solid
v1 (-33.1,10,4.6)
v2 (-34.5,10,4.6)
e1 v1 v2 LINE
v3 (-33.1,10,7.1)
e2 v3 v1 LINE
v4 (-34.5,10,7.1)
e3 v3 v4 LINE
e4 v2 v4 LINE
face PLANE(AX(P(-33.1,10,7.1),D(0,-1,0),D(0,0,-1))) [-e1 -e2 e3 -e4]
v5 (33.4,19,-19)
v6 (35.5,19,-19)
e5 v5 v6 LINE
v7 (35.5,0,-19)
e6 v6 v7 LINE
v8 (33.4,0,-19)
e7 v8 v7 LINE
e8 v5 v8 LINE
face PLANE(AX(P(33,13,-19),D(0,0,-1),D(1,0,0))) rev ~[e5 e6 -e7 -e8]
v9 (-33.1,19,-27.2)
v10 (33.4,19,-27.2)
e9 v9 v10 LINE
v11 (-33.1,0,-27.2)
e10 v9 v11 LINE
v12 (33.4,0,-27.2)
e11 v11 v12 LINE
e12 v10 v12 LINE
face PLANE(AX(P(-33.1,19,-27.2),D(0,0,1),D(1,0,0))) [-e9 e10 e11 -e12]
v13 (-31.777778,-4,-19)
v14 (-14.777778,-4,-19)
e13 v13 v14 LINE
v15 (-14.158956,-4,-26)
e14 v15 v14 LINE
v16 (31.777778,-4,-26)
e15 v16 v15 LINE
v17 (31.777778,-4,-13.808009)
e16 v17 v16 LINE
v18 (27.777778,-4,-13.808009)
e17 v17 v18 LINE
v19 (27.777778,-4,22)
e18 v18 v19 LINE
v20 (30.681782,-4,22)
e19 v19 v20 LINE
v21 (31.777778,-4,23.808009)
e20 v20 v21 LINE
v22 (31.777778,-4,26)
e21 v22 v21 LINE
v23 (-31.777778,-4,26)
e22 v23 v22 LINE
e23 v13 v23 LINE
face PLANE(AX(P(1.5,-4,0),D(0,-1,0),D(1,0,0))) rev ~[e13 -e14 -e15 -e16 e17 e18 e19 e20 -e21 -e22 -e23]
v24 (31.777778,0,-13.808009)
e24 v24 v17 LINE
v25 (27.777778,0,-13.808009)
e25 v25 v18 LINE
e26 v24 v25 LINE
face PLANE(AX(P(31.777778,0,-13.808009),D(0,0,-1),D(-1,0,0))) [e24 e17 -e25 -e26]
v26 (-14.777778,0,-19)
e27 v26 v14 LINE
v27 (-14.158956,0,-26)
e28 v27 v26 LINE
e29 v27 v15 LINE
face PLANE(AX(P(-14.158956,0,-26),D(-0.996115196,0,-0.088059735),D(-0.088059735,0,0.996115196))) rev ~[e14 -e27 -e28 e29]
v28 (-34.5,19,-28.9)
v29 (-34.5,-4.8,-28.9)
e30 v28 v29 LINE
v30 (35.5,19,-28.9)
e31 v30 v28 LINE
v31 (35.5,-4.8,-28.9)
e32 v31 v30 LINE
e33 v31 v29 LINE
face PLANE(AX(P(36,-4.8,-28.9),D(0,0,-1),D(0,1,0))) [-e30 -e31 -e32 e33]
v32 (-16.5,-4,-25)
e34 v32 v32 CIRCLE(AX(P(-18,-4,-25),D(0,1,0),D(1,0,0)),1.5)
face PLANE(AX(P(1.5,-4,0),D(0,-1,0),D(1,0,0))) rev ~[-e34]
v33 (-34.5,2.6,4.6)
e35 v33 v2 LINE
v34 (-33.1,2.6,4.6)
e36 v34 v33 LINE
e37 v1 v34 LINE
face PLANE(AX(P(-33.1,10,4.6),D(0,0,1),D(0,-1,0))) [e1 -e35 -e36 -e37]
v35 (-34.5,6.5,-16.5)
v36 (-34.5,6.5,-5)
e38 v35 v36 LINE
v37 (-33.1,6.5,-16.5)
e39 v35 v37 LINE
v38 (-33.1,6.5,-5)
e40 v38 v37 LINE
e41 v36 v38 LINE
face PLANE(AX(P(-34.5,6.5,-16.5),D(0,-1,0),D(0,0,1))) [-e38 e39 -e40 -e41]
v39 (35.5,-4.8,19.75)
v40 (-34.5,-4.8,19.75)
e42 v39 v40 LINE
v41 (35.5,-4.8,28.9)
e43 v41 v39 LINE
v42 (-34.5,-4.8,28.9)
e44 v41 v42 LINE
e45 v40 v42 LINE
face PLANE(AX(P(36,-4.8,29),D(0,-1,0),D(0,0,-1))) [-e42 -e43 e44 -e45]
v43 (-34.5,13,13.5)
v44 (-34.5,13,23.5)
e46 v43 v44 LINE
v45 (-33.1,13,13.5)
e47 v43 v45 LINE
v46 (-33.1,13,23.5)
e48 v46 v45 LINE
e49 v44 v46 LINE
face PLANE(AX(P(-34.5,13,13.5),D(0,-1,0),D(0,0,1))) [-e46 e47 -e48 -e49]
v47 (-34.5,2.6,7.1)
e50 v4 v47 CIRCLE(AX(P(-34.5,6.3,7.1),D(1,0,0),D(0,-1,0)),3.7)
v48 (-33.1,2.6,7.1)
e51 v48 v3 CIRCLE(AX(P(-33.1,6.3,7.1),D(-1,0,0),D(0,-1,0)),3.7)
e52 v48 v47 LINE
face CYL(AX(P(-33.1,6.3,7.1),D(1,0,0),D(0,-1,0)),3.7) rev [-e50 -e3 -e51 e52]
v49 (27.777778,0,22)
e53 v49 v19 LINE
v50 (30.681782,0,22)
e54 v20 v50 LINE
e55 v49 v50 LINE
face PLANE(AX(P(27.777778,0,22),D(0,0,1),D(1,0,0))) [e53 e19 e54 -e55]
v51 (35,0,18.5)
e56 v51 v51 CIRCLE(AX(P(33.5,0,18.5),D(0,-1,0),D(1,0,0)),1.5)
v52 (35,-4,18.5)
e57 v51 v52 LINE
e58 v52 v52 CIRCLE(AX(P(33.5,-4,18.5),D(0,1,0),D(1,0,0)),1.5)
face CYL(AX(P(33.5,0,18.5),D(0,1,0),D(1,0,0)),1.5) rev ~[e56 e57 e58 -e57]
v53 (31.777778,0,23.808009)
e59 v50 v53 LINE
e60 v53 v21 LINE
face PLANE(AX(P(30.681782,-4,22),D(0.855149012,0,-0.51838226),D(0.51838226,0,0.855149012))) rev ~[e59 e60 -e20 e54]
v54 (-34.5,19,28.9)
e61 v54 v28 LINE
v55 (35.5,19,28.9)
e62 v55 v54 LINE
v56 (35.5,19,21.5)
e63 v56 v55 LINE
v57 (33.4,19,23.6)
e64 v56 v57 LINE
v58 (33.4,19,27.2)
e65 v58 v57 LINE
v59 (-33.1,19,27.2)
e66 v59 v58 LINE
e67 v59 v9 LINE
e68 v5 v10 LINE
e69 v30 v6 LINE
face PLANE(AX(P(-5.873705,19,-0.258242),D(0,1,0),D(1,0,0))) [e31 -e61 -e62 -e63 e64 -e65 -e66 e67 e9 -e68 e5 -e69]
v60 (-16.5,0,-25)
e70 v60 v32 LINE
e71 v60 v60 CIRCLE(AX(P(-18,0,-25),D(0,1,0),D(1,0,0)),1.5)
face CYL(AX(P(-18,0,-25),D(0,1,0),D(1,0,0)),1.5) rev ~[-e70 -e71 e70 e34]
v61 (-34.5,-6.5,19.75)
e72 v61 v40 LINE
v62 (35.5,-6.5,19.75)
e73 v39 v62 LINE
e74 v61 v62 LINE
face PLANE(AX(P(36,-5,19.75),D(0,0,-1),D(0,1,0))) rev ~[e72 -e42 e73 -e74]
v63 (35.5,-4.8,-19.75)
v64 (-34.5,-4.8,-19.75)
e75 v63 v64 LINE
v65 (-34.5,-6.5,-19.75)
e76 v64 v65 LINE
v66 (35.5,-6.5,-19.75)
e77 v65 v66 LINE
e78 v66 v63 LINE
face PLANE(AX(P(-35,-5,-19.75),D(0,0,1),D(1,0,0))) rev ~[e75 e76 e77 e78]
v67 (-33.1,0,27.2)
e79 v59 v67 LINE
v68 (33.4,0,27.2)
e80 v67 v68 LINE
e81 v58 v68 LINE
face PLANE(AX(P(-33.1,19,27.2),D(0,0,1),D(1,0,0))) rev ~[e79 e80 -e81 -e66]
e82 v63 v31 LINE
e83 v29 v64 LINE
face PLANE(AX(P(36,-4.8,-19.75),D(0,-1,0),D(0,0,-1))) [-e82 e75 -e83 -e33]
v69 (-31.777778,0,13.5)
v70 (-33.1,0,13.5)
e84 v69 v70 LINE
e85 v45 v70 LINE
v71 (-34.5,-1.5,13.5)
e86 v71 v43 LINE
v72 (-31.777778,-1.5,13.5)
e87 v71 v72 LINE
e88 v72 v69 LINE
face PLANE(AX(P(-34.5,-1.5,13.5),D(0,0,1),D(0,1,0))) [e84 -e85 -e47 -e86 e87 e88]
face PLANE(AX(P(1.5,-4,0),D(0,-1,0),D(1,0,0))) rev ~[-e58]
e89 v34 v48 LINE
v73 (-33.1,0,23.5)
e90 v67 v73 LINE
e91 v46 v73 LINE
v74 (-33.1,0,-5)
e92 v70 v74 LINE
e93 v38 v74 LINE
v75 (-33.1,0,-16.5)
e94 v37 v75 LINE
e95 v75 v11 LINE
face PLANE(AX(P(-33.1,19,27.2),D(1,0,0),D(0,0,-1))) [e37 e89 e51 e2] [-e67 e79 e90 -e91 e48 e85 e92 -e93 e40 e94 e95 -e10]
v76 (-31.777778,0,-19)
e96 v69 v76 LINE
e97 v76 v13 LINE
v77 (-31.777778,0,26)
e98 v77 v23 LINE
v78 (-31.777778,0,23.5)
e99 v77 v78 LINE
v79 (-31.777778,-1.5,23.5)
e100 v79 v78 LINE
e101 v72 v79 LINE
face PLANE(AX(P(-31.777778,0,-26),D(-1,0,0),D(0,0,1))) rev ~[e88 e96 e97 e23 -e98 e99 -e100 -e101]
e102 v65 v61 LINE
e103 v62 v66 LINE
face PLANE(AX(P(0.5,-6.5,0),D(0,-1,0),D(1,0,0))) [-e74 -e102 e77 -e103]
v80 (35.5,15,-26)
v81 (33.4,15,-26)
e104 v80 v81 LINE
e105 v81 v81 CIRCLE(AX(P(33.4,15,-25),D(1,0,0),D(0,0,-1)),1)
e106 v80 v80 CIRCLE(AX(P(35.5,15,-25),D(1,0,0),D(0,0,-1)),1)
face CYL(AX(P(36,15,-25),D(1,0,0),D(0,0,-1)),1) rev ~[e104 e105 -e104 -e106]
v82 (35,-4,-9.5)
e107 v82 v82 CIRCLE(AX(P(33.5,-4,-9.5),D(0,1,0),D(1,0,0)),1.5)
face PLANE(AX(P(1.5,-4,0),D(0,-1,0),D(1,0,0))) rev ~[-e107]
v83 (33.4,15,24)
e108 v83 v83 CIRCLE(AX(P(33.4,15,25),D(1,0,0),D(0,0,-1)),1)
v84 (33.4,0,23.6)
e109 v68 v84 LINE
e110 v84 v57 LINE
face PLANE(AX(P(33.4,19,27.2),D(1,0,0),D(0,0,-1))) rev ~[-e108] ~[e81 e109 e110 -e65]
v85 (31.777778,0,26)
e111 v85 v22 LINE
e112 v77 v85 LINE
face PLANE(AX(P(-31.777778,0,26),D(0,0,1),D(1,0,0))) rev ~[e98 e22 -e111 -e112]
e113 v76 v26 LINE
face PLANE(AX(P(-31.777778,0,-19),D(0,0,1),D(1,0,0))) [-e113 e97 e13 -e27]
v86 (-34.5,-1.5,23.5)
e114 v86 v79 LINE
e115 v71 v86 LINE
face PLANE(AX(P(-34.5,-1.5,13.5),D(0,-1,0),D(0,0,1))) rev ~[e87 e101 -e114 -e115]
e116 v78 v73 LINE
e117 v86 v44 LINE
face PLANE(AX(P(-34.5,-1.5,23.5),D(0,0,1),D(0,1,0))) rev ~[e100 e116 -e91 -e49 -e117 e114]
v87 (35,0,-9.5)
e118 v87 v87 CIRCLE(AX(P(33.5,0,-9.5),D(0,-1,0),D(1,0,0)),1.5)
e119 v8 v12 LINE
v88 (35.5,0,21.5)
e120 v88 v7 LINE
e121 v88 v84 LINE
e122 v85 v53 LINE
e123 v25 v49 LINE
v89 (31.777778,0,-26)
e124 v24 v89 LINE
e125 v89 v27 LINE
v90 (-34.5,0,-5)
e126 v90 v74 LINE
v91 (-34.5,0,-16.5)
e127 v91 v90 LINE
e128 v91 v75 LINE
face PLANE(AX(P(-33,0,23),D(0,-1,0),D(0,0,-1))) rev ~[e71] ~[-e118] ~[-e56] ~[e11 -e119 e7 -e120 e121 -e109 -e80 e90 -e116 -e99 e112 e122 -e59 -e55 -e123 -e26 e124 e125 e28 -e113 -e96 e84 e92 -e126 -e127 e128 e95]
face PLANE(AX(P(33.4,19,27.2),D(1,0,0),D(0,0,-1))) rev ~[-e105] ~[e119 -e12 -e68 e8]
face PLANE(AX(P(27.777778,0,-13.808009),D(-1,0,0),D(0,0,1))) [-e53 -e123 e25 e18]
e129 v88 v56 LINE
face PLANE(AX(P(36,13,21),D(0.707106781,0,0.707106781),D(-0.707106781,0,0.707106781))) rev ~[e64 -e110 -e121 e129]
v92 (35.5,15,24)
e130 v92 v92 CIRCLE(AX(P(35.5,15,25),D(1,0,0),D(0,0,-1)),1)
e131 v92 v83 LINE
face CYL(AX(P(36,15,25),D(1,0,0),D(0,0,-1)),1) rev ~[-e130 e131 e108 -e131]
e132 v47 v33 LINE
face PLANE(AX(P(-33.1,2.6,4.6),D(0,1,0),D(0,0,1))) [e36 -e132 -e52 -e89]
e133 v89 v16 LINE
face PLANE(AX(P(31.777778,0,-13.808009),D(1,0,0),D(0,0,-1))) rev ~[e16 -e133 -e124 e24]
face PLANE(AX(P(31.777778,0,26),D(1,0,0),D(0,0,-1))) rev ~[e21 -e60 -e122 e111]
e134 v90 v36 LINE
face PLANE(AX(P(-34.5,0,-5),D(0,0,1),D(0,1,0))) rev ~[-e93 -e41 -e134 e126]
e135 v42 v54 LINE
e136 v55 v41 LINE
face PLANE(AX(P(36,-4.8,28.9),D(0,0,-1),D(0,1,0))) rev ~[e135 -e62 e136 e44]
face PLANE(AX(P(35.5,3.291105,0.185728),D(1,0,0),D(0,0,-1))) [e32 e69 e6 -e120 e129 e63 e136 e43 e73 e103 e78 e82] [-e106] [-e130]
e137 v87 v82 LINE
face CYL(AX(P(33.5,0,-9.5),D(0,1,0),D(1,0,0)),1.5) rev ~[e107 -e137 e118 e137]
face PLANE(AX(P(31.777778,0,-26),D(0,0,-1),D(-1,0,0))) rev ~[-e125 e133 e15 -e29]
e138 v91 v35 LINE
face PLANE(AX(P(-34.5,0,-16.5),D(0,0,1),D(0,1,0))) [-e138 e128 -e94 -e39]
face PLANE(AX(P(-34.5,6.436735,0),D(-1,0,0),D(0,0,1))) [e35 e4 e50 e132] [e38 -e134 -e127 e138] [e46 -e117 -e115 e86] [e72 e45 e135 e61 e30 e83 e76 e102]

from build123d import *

# Parameters (mm, degrees)
EXTRUDE_1_DEPTH      = 4
SKETCH_3_W           = 73
SKETCH_3_H           = 58
EXTRUDE_2_DEPTH      = 13
EXTRUDE_2_DEPTH_BACK = 4
SKETCH_4_W           = 17
SKETCH_4_H           = 7
EXTRUDE_4_DEPTH      = 4
SKETCH_5_R           = 1.5
CUT_EXTRUDE_1_DEPTH  = 4
EXTRUDE_5_DEPTH      = 4
EXTRUDE_6_DEPTH      = 4
SKETCH_8_W           = 73
SKETCH_8_H           = 58
EXTRUDE_7_DEPTH      = 1
SKETCH_9_W           = 8.5
SKETCH_9_H           = 3.5
CUT_EXTRUDE_2_DEPTH  = 2
CHAMFER_1_SIZE       = 0.5
SKETCH_10_W          = 9
SKETCH_10_H          = 12
CUT_EXTRUDE_3_DEPTH  = 2
CHAMFER_2_SIZE       = 0.5
CHAMFER_3_SIZE       = 0.5
CHAMFER_4_SIZE       = 0.5
CUT_EXTRUDE_4_DEPTH  = 2
CHAMFER_5_SIZE       = 0.5
CHAMFER_6_SIZE       = 0.5
SKETCH_21_W          = 2
SKETCH_21_H          = 58
CUT_EXTRUDE_5_DEPTH  = 19
CUT_EXTRUDE_7_DEPTH  = 13
EXTRUDE_8_DEPTH      = 6
SKETCH_36_W          = 71
SKETCH_36_H          = 39.5
EXTRUDE_9_DEPTH      = 1.5
SKETCH_39_R          = 1
CUT_EXTRUDE_9_DEPTH  = 5
SKETCH_42_W          = 9.25
SKETCH_42_H          = 0.2
CUT_EXTRUDE_10_DEPTH = 72
SKETCH_43_W          = 0.1
SKETCH_43_H          = 23.8
CUT_EXTRUDE_11_DEPTH = 72
CUT_EXTRUDE_12_DEPTH = 0.5
CUT_EXTRUDE_13_DEPTH = 0.5
SKETCH_46_W          = 66.5
SKETCH_46_H          = 54.4
SKETCH_46_W_2        = 66
SKETCH_46_H_2        = 54
CUT_EXTRUDE_14_DEPTH = 19
SKETCH_47_W          = 11.5
SKETCH_47_H          = 6.5
SKETCH_47_W_2        = 8.5
SKETCH_47_H_2        = 3.5
CUT_EXTRUDE_16_DEPTH = 7.5
CUT_EXTRUDE_17_DEPTH = 7.5
SKETCH_51_W          = 10
SKETCH_51_H          = 14.5
SKETCH_51_W_2        = 7.5
SKETCH_51_H_2        = 12
CUT_EXTRUDE_18_DEPTH = 7.5


with BuildPart() as part:
    # 草图1 → 凸台-拉伸1 (new body)
    with BuildSketch(Plane(origin=(0, 0, 0), x_dir=(1, 0, 0), z_dir=(0, 1, 0))):
        Polygon((33, -27), (-33, -27), (-33, 27), (33, 27), (33, 14), (36, 11), (36, -21), (33, -24), align=None)
        Polygon((-31.777777778, 26), (-31.777777778, -26), (31.777777778, -26), (31.777777778, -23.80800866), (35, -20.585786438), (35, 9.543812347), (35, 10.585786438), (31.777777778, 13.80800866), (31.777777778, 26), align=None, mode=Mode.SUBTRACT)
    extrude(amount=-EXTRUDE_1_DEPTH)

    # 草图3 → 凸台-拉伸2 (add, two sides)
    with BuildSketch(Plane(origin=(0, 0, 0), x_dir=(1, 0, 0), z_dir=(0, 1, 0))) as extrude_2_sk:
        with Locations((1.5, 0)):
            Rectangle(SKETCH_3_W, SKETCH_3_H)
        Polygon((33, 27), (33, 14), (36, 11), (36, -21), (33, -24), (33, -27), (-33, -27), (-33, 27), align=None, mode=Mode.SUBTRACT)
    extrude(amount=EXTRUDE_2_DEPTH)
    extrude(extrude_2_sk.sketch, amount=-EXTRUDE_2_DEPTH_BACK)

    # 草图4 → 凸台-拉伸4 (add)
    with BuildSketch(Plane(origin=(0, 0, 0), x_dir=(1, 0, 0), z_dir=(0, 1, 0))):
        with Locations((-23.277777778, 22.5)):
            Rectangle(SKETCH_4_W, SKETCH_4_H)
        Polygon((31.777777778, 13.80800866), (27.777777778, 13.80800866), (27.777777778, -22), (33.585786438, -22), (35, -20.585786438), (35, 10.585786438), align=None)
    extrude(amount=-EXTRUDE_4_DEPTH)

    # 草图5 → 切除-拉伸1 (cut)
    with BuildSketch(Plane(origin=(0, 0, 0), x_dir=(1, 0, 0), z_dir=(0, 1, 0))):
        with Locations((-18, 25)):
            Circle(SKETCH_5_R)
        with Locations((33.5, 9.5)):
            Circle(SKETCH_5_R)
        with Locations((33.5, -18.5)):
            Circle(SKETCH_5_R)
    extrude(amount=-CUT_EXTRUDE_1_DEPTH, mode=Mode.SUBTRACT)

    # 草图6 → 凸台-拉伸5 (add)
    with BuildSketch(Plane.XZ.offset(4)):
        Polygon((31.777777778, 23.80800866), (33.585786438, 22), (30.681782108, 22), align=None)
    extrude(amount=-EXTRUDE_5_DEPTH)

    # 草图7 → 凸台-拉伸6 (add)
    with BuildSketch(Plane(origin=(0, 0, 0), x_dir=(1, 0, 0), z_dir=(0, 1, 0))):
        Polygon((-14.158955627, 26), (-14.777777778, 19), (-14.777777778, 26), align=None)
    extrude(amount=-EXTRUDE_6_DEPTH)

    # 草图8 → 凸台-拉伸7 (add)
    with BuildSketch(Plane.XZ.offset(4)):
        with Locations((1.5, 0)):
            Rectangle(SKETCH_8_W, SKETCH_8_H)
    extrude(amount=EXTRUDE_7_DEPTH)

    # 草图9 → 切除-拉伸2 (cut)
    with BuildSketch(Plane(origin=(-33, 0, 0), x_dir=(0, 0, -1), z_dir=(1, 0, 0))):
        with Locations((10.25, 2.75)):
            Rectangle(SKETCH_9_W, SKETCH_9_H)
    extrude(amount=-CUT_EXTRUDE_2_DEPTH, mode=Mode.SUBTRACT)

    # 倒角1
    chamfer_1_edges = [part.edges().sort_by_distance(p)[0] for p in [
        (-35, 4.5, -10.25),
        (-35, 2.75, -14.5),
        (-35, 1, -10.25),
        (-35, 2.75, -6),
    ]]
    chamfer(chamfer_1_edges, length=CHAMFER_1_SIZE)

    # 草图10 → 切除-拉伸3 (cut)
    with BuildSketch(Plane(origin=(-33, 0, 0), x_dir=(0, 0, -1), z_dir=(1, 0, 0))):
        with Locations((-18.5, 6)):
            Rectangle(SKETCH_10_W, SKETCH_10_H)
    extrude(amount=-CUT_EXTRUDE_3_DEPTH, mode=Mode.SUBTRACT)

    # 倒角2
    chamfer_2_edges = [part.edges().sort_by_distance(p)[0] for p in [
        (-35, 6, 23),
        (-35, 12, 18.5),
        (-35, 6, 14),
        (-35, 0, 18.5),
    ]]
    chamfer(chamfer_2_edges, length=CHAMFER_2_SIZE)

    # 倒角3
    chamfer_3_edges = [part.edges().sort_by_distance(p)[0] for p in [
        (-33, 4.5, -10.25),
        (-33, 1, -10.25),
        (-33, 12, 18.5),
    ]]
    chamfer(chamfer_3_edges, length=CHAMFER_3_SIZE)

    # 倒角4
    chamfer_4_edges = [part.edges().sort_by_distance(p)[0] for p in [
        (-33, 6, 14),
        (-33, 6, 23),
        (-33, 2.75, -6),
        (-33, 2.75, -14.5),
    ]]
    chamfer(chamfer_4_edges, length=CHAMFER_4_SIZE)

    # 草图13 → 切除-拉伸4 (cut)
    with BuildSketch(Plane(origin=(-33, 0, 0), x_dir=(0, 0, -1), z_dir=(1, 0, 0))):
        with BuildLine():
            Line((-6, 8.6), (-7.1, 8.6))
            ThreePointArc((-7.1, 8.6), (-9.4, 6.3), (-7.1, 4))
            Line((-7.1, 4), (-6, 4))
            Line((-6, 4), (-6, 8.6))
        make_face()
    extrude(amount=-CUT_EXTRUDE_4_DEPTH, mode=Mode.SUBTRACT)

    # 倒角5
    chamfer_5_edges = [part.edges().sort_by_distance(p)[0] for p in [
        (-35, 6.3, 6),
        (-35, 4, 6.55),
        (-35, 6.3, 9.4),
        (-35, 8.6, 6.55),
    ]]
    chamfer(chamfer_5_edges, length=CHAMFER_5_SIZE)

    # 倒角6
    chamfer_6_edges = [part.edges().sort_by_distance(p)[0] for p in [
        (-33, 6.3, 6),
        (-33, 8.6, 6.55),
        (-33, 6.3, 9.4),
        (-33, 4, 6.55),
    ]]
    chamfer(chamfer_6_edges, length=CHAMFER_6_SIZE)

    # 草图21 → 切除-拉伸5 (cut, through all)
    with BuildSketch(Plane(origin=(0, 13, 0), x_dir=(1, 0, 0), z_dir=(0, 1, 0))):
        with Locations((37, 0)):
            Rectangle(SKETCH_21_W, SKETCH_21_H)
    extrude(amount=-CUT_EXTRUDE_5_DEPTH, mode=Mode.SUBTRACT)

    # 草图23 → 切除-拉伸7 (cut)
    with BuildSketch(Plane(origin=(0, 13, 0), x_dir=(1, 0, 0), z_dir=(0, 1, 0))):
        Polygon((33, 14), (33, 19), (36, 19), (36, 11), align=None)
    extrude(amount=-CUT_EXTRUDE_7_DEPTH, mode=Mode.SUBTRACT)

    # 草图27 → 凸台-拉伸8 (add)
    with BuildSketch(Plane(origin=(0, 13, 0), x_dir=(1, 0, 0), z_dir=(0, 1, 0))):
        Polygon((33, 19), (36, 19), (36, 29), (-35, 29), (-35, -29), (36, -29), (36, -21), (33, -24), (33, -27), (-33, -27), (-33, 27), (33, 27), align=None)
    extrude(amount=EXTRUDE_8_DEPTH)

    # 草图36 → 凸台-拉伸9 (add)
    with BuildSketch(Plane.XZ.offset(5)):
        with Locations((0.5, 0)):
            Rectangle(SKETCH_36_W, SKETCH_36_H)
    extrude(amount=EXTRUDE_9_DEPTH)

    # 草图39 → 切除-拉伸9 (cut)
    with BuildSketch(Plane(origin=(36, 0, 0), x_dir=(0, 0, -1), z_dir=(1, 0, 0))):
        with Locations((-25, 15)):
            Circle(SKETCH_39_R)
        with Locations((25, 15)):
            Circle(SKETCH_39_R)
    extrude(amount=-CUT_EXTRUDE_9_DEPTH, mode=Mode.SUBTRACT)

    # 草图42 → 切除-拉伸10 (cut, through all)
    with BuildSketch(Plane(origin=(36, 0, 0), x_dir=(0, 0, -1), z_dir=(1, 0, 0))):
        with Locations((-24.375, -4.9)):
            Rectangle(SKETCH_42_W, SKETCH_42_H)
        with Locations((24.375, -4.9)):
            Rectangle(SKETCH_42_W, SKETCH_42_H)
    extrude(amount=-CUT_EXTRUDE_10_DEPTH, mode=Mode.SUBTRACT)

    # 草图43 → 切除-拉伸11 (cut, through all)
    with BuildSketch(Plane(origin=(36, 0, 0), x_dir=(0, 0, -1), z_dir=(1, 0, 0))):
        with Locations((-28.95, 7.1)):
            Rectangle(SKETCH_43_W, SKETCH_43_H)
        with Locations((28.95, 7.1)):
            Rectangle(SKETCH_43_W, SKETCH_43_H)
    extrude(amount=-CUT_EXTRUDE_11_DEPTH, mode=Mode.SUBTRACT)

    # 草图44 → 切除-拉伸12 (cut)
    with BuildSketch(Plane(origin=(36, 0, 0), x_dir=(0, 0, -1), z_dir=(1, 0, 0))):
        Polygon((19.75, -4.8), (28.9, -4.8), (28.9, 19), (19, 19), (19, 0), (-21, 0), (-21, 19), (-28.9, 19), (-28.9, -4.8), (-19.75, -4.8), (-19.75, -6.5), (19.75, -6.5), align=None)
    extrude(amount=-CUT_EXTRUDE_12_DEPTH, mode=Mode.SUBTRACT)

    # 草图45 → 切除-拉伸13 (cut)
    with BuildSketch(Plane.ZY.offset(35)):
        Polygon((28.9, 19), (-28.9, 19), (-28.9, -4.8), (-19.75, -4.8), (-19.75, -6.5), (19.75, -6.5), (19.75, -4.8), (28.9, -4.8), align=None)
    extrude(amount=-CUT_EXTRUDE_13_DEPTH, mode=Mode.SUBTRACT)

    # 草图46 → 切除-拉伸14 (cut)
    with BuildSketch(Plane(origin=(0, 19, 0), x_dir=(1, 0, 0), z_dir=(0, 1, 0))):
        with Locations((0.15, 0)):
            Rectangle(SKETCH_46_W, SKETCH_46_H)
        Rectangle(SKETCH_46_W_2, SKETCH_46_H_2, mode=Mode.SUBTRACT)
    extrude(amount=-CUT_EXTRUDE_14_DEPTH, mode=Mode.SUBTRACT)

    # 草图47 → 切除-拉伸16 (cut)
    with BuildSketch(Plane.ZY.offset(34.5)):
        with Locations((-10.75, 3.25)):
            Rectangle(SKETCH_47_W, SKETCH_47_H)
        with Locations((-10.25, 2.75)):
            Rectangle(SKETCH_47_W_2, SKETCH_47_H_2, mode=Mode.SUBTRACT)
    extrude(amount=-CUT_EXTRUDE_16_DEPTH, mode=Mode.SUBTRACT)

    # 草图48 → 切除-拉伸17 (cut)
    with BuildSketch(Plane(origin=(-33.1, 0, 0), x_dir=(0, 0, -1), z_dir=(1, 0, 0))):
        with BuildLine():
            Line((-7.1, 10), (-5.6, 10))
            Line((-5.6, 10), (-4.6, 10))
            Line((-4.6, 10), (-4.6, 2.6))
            Line((-4.6, 2.6), (-5.6, 2.6))
            Line((-5.6, 2.6), (-7.1, 2.6))
            ThreePointArc((-7.1, 2.6), (-10.8, 6.3), (-7.1, 10))
        make_face()
    extrude(amount=-CUT_EXTRUDE_17_DEPTH, mode=Mode.SUBTRACT)

    # 草图51 → 切除-拉伸18 (cut)
    with BuildSketch(Plane.ZY.offset(34.5)):
        with Locations((18.5, 5.75)):
            Rectangle(SKETCH_51_W, SKETCH_51_H)
        with Locations((17.75, 6)):
            Rectangle(SKETCH_51_W_2, SKETCH_51_H_2, mode=Mode.SUBTRACT)
    extrude(amount=-CUT_EXTRUDE_18_DEPTH, mode=Mode.SUBTRACT)


solid = part.part
